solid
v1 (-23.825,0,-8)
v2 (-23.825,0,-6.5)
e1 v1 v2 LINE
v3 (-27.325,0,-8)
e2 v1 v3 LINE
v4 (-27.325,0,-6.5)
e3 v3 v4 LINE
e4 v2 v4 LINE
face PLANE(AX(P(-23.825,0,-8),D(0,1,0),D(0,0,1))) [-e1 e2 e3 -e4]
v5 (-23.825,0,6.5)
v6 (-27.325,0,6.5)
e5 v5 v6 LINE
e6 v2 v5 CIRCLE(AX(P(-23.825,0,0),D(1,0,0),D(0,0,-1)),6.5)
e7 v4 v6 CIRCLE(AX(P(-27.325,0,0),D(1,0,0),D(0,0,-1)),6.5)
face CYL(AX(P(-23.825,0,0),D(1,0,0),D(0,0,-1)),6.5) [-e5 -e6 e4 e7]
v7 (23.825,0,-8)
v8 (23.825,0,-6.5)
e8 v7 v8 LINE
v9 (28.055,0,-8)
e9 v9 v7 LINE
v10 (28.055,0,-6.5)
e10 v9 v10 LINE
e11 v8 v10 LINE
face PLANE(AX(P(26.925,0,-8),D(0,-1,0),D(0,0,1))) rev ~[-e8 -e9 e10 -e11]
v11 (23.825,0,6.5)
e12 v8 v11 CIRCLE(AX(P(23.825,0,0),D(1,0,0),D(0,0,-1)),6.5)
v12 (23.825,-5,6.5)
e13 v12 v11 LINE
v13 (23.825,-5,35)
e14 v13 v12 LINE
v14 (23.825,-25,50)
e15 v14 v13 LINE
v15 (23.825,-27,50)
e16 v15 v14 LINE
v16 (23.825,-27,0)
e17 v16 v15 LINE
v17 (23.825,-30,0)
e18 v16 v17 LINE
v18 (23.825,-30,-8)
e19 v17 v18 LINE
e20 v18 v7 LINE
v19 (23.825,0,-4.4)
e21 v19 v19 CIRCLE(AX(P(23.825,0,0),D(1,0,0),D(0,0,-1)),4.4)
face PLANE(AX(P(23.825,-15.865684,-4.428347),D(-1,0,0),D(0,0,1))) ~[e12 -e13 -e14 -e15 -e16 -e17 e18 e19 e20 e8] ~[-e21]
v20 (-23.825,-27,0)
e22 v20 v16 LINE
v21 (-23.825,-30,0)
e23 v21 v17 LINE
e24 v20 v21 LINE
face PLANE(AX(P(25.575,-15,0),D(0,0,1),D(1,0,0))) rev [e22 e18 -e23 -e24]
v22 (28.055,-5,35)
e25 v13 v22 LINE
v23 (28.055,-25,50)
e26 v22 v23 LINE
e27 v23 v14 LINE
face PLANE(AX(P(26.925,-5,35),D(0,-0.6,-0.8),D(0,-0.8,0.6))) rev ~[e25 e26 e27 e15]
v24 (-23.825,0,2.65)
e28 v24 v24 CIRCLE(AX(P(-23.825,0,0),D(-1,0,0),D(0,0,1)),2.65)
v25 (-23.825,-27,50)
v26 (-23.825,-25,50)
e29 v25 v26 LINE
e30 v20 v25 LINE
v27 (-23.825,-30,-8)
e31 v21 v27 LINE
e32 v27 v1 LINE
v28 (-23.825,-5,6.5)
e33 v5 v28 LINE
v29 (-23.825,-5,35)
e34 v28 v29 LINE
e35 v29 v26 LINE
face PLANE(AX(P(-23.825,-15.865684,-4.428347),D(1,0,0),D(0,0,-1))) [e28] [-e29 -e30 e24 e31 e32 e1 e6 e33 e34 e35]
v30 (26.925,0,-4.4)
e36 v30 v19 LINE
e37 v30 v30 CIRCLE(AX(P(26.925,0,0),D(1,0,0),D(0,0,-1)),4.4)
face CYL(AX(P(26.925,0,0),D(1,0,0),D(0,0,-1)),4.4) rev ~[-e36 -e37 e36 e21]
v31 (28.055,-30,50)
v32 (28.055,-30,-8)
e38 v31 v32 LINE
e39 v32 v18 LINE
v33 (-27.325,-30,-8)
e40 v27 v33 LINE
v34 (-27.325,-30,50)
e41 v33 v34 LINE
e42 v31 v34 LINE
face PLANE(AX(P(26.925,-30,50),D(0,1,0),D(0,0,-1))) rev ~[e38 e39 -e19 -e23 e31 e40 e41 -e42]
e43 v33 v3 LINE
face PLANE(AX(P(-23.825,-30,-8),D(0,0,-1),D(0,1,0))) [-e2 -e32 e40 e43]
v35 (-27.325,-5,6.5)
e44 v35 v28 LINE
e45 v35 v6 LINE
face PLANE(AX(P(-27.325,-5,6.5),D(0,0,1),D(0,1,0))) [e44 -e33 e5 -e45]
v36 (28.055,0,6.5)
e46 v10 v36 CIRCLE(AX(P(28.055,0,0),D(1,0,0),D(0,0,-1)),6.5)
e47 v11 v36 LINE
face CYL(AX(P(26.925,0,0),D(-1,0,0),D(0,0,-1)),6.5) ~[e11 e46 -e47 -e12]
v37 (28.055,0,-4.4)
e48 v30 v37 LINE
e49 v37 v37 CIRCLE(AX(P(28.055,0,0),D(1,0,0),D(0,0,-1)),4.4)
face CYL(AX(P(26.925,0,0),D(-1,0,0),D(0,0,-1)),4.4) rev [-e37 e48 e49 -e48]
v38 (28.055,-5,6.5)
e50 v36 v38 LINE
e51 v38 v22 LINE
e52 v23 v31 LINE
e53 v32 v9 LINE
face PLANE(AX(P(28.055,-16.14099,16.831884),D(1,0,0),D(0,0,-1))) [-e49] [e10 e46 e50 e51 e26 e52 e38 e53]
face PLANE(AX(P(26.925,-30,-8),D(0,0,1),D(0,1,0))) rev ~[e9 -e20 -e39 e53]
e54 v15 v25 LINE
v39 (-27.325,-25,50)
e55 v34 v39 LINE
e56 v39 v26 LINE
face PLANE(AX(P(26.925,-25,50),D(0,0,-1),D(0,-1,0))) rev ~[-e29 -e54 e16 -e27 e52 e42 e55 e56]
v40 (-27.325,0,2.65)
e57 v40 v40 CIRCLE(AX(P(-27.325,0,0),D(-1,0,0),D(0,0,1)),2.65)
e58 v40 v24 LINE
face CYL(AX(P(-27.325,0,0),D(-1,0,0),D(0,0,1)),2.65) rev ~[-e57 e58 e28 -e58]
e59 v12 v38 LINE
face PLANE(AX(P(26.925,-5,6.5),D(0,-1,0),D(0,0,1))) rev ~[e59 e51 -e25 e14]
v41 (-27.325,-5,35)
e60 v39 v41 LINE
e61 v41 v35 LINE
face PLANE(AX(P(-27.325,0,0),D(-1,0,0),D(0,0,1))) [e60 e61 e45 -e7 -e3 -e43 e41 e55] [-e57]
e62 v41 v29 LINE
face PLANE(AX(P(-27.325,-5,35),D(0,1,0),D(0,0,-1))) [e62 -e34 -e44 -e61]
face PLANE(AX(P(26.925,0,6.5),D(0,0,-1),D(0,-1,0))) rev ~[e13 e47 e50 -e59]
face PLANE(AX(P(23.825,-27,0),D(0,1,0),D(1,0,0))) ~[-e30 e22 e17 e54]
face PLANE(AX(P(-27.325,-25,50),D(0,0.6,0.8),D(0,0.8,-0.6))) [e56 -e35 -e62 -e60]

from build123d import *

# Parameters (mm, degrees)
SKETCH1_W               = 3.5
SKETCH1_H               = 30
SKETCH1_W_2             = 23.825
SKETCH1_H_2             = 3
BOSS_EXTRUDE1_DEPTH     = 50
BOSS_EXTRUDE2_DEPTH     = 3.5
CUT_EXTRUDE1_START      = -28.325
SKETCH3_R               = 1.5
CUT_EXTRUDE1_DEPTH      = 29.325
SKETCH4_R               = 2.5
CUT_EXTRUDE2_DEPTH      = 1
CUT_EXTRUDE2_DEPTH_BACK = 3.15
SKETCH5_R               = 2.9
CUT_EXTRUDE3_DEPTH      = 7.15
CUT_EXTRUDE4_DEPTH      = 7.15
SKETCH7_R               = 2.5
SKETCH7_R_2             = 1.5
BOSS_EXTRUDE3_DEPTH     = 0.65
SKETCH9_R               = 6.5
CUT_EXTRUDE5_DEPTH      = 0.4
SKETCH12_R              = 4.4
BOSS_EXTRUDE4_DEPTH     = 1.13
SKETCH13_R              = 2.5
SKETCH13_R_2            = 1.5
BOSS_EXTRUDE5_DEPTH     = 2.5
SKETCH14_R              = 2.65
CUT_EXTRUDE7_DEPTH      = 5.05
SKETCH10_R              = 4.4
CUT_EXTRUDE8_DEPTH      = 10
CUT_EXTRUDE8_DEPTH_BACK = 10


with BuildPart() as part:
    # Sketch1 → Boss-Extrude1 (new body)
    with BuildSketch(Plane.XY):
        with Locations((-25.575, -15)):
            Rectangle(SKETCH1_W, SKETCH1_H)
        with Locations((-11.9125, -28.5)):
            Rectangle(SKETCH1_W_2, SKETCH1_H_2)
    boss_extrude1 = extrude(amount=BOSS_EXTRUDE1_DEPTH)

    # Sketch2 → Boss-Extrude2 (add)
    with BuildSketch(Plane(origin=(-23.825, 0, 0), x_dir=(0, 0, -1), z_dir=(1, 0, 0))):
        with BuildLine():
            Line((8, 0), (6.5, 0))
            ThreePointArc((6.5, 0), (4.596194078, -4.596194078), (0, -6.5))
            Line((0, -6.5), (0, -27))
            Line((0, -27), (0, -30))
            Line((0, -30), (8, -30))
            Line((8, -30), (8, 0))
        make_face()
        with BuildLine():
            Line((6.5, 0), (1.5, 0))
            ThreePointArc((1.5, 0), (1.060660172, -1.060660172), (0, -1.5))
            Line((0, -1.5), (0, -6.5))
            ThreePointArc((0, -6.5), (4.596194078, -4.596194078), (6.5, 0))
        make_face()
        with BuildLine():
            ThreePointArc((-1.5, 0), (0, 1.5), (1.5, 0))
            Line((1.5, 0), (6.5, 0))
            ThreePointArc((6.5, 0), (0, 6.5), (-6.5, 0))
            Line((-6.5, 0), (-1.5, 0))
        make_face()
    boss_extrude2 = extrude(amount=-BOSS_EXTRUDE2_DEPTH)

    # Sketch3 → Cut-Extrude1 (cut)
    with BuildSketch(Plane.ZY.offset(27.325).offset(CUT_EXTRUDE1_START)):
        Circle(SKETCH3_R)
    cut_extrude1 = extrude(amount=CUT_EXTRUDE1_DEPTH, mode=Mode.SUBTRACT)

    # Mirror1: Boss-Extrude1, Boss-Extrude2, Cut-Extrude1 across plane
    add(boss_extrude1.mirror(Plane(origin=(0, 0, 50), x_dir=(0, 0, 1), z_dir=(-1, 0, 0))))
    add(boss_extrude2.mirror(Plane(origin=(0, 0, 50), x_dir=(0, 0, 1), z_dir=(-1, 0, 0))))
    add(cut_extrude1.mirror(Plane(origin=(0, 0, 50), x_dir=(0, 0, 1), z_dir=(-1, 0, 0))), mode=Mode.SUBTRACT)

    # Sketch4 → Cut-Extrude2 (cut, two sides)
    with BuildSketch(Plane.ZY.offset(27.325)) as cut_extrude2_sk:
        Circle(SKETCH4_R)
    extrude(amount=CUT_EXTRUDE2_DEPTH, mode=Mode.SUBTRACT)
    extrude(cut_extrude2_sk.sketch, amount=-CUT_EXTRUDE2_DEPTH_BACK, mode=Mode.SUBTRACT)

    # Sketch5 → Cut-Extrude3 (cut)
    with BuildSketch(Plane(origin=(27.325, 0, 0), x_dir=(0, 0, -1), z_dir=(1, 0, 0))):
        Circle(SKETCH5_R)
    extrude(amount=-CUT_EXTRUDE3_DEPTH, mode=Mode.SUBTRACT)

    # Sketch6 → Cut-Extrude4 (cut)
    with BuildSketch(Plane.ZY.offset(27.325)):
        Polygon((50, 0), (50, -25), (35, -5), (6.5, -5), (6.5, 0), align=None)
    cut_extrude4 = extrude(amount=-CUT_EXTRUDE4_DEPTH, mode=Mode.SUBTRACT)

    # Mirror2: Cut-Extrude4 across plane
    add(cut_extrude4.mirror(Plane(origin=(0, 0, 0), x_dir=(0, 0, 1), z_dir=(1, 0, 0))), mode=Mode.SUBTRACT)

    # Sketch7 → Boss-Extrude3 (add)
    with BuildSketch(Plane.ZY.offset(24.175)):
        Circle(SKETCH7_R)
        Circle(SKETCH7_R_2, mode=Mode.SUBTRACT)
    extrude(amount=BOSS_EXTRUDE3_DEPTH)

    # Sketch9 → Cut-Extrude5 (cut)
    with BuildSketch(Plane(origin=(27.325, 0, 0), x_dir=(0, 0, -1), z_dir=(1, 0, 0))):
        Circle(SKETCH9_R)
        Polygon((8, 0), (-6.5, 0), (-6.5, -3.791432832), (-52.61721684, -3.791432832), (-52.61721684, -30), (-6.5, -30), (8, -30), align=None)
    extrude(amount=-CUT_EXTRUDE5_DEPTH, mode=Mode.SUBTRACT)

    # Sketch12 → Boss-Extrude4 (add)
    with BuildSketch(Plane(origin=(26.925, 0, 0), x_dir=(0, 0, -1), z_dir=(1, 0, 0))):
        with BuildLine():
            Line((8, 0), (6.5, 0))
            ThreePointArc((6.5, 0), (0, 6.5), (-6.5, 0))
            Line((-6.5, 0), (-6.5, -5))
            Line((-6.5, -5), (-35, -5))
            Line((-35, -5), (-50, -25))
            Line((-50, -25), (-50, -30))
            Line((-50, -30), (8, -30))
            Line((8, -30), (8, 0))
        make_face()
        Circle(SKETCH12_R, mode=Mode.SUBTRACT)
    extrude(amount=BOSS_EXTRUDE4_DEPTH)

    # Sketch13 → Boss-Extrude5 (add)
    with BuildSketch(Plane.ZY.offset(27.325)):
        Circle(SKETCH13_R)
        Circle(SKETCH13_R_2, mode=Mode.SUBTRACT)
    extrude(amount=-BOSS_EXTRUDE5_DEPTH)

    # Sketch14 → Cut-Extrude7 (cut)
    with BuildSketch(Plane.ZY.offset(27.325)):
        Circle(SKETCH14_R)
    extrude(amount=-CUT_EXTRUDE7_DEPTH, mode=Mode.SUBTRACT)

    # Sketch10 → Cut-Extrude8 (cut, two sides)
    with BuildSketch(Plane(origin=(26.925, 0, 0), x_dir=(0, 0, -1), z_dir=(1, 0, 0))) as cut_extrude8_sk:
        Circle(SKETCH10_R)
    extrude(amount=CUT_EXTRUDE8_DEPTH, mode=Mode.SUBTRACT)
    extrude(cut_extrude8_sk.sketch, amount=-CUT_EXTRUDE8_DEPTH_BACK, mode=Mode.SUBTRACT)


solid = part.part
